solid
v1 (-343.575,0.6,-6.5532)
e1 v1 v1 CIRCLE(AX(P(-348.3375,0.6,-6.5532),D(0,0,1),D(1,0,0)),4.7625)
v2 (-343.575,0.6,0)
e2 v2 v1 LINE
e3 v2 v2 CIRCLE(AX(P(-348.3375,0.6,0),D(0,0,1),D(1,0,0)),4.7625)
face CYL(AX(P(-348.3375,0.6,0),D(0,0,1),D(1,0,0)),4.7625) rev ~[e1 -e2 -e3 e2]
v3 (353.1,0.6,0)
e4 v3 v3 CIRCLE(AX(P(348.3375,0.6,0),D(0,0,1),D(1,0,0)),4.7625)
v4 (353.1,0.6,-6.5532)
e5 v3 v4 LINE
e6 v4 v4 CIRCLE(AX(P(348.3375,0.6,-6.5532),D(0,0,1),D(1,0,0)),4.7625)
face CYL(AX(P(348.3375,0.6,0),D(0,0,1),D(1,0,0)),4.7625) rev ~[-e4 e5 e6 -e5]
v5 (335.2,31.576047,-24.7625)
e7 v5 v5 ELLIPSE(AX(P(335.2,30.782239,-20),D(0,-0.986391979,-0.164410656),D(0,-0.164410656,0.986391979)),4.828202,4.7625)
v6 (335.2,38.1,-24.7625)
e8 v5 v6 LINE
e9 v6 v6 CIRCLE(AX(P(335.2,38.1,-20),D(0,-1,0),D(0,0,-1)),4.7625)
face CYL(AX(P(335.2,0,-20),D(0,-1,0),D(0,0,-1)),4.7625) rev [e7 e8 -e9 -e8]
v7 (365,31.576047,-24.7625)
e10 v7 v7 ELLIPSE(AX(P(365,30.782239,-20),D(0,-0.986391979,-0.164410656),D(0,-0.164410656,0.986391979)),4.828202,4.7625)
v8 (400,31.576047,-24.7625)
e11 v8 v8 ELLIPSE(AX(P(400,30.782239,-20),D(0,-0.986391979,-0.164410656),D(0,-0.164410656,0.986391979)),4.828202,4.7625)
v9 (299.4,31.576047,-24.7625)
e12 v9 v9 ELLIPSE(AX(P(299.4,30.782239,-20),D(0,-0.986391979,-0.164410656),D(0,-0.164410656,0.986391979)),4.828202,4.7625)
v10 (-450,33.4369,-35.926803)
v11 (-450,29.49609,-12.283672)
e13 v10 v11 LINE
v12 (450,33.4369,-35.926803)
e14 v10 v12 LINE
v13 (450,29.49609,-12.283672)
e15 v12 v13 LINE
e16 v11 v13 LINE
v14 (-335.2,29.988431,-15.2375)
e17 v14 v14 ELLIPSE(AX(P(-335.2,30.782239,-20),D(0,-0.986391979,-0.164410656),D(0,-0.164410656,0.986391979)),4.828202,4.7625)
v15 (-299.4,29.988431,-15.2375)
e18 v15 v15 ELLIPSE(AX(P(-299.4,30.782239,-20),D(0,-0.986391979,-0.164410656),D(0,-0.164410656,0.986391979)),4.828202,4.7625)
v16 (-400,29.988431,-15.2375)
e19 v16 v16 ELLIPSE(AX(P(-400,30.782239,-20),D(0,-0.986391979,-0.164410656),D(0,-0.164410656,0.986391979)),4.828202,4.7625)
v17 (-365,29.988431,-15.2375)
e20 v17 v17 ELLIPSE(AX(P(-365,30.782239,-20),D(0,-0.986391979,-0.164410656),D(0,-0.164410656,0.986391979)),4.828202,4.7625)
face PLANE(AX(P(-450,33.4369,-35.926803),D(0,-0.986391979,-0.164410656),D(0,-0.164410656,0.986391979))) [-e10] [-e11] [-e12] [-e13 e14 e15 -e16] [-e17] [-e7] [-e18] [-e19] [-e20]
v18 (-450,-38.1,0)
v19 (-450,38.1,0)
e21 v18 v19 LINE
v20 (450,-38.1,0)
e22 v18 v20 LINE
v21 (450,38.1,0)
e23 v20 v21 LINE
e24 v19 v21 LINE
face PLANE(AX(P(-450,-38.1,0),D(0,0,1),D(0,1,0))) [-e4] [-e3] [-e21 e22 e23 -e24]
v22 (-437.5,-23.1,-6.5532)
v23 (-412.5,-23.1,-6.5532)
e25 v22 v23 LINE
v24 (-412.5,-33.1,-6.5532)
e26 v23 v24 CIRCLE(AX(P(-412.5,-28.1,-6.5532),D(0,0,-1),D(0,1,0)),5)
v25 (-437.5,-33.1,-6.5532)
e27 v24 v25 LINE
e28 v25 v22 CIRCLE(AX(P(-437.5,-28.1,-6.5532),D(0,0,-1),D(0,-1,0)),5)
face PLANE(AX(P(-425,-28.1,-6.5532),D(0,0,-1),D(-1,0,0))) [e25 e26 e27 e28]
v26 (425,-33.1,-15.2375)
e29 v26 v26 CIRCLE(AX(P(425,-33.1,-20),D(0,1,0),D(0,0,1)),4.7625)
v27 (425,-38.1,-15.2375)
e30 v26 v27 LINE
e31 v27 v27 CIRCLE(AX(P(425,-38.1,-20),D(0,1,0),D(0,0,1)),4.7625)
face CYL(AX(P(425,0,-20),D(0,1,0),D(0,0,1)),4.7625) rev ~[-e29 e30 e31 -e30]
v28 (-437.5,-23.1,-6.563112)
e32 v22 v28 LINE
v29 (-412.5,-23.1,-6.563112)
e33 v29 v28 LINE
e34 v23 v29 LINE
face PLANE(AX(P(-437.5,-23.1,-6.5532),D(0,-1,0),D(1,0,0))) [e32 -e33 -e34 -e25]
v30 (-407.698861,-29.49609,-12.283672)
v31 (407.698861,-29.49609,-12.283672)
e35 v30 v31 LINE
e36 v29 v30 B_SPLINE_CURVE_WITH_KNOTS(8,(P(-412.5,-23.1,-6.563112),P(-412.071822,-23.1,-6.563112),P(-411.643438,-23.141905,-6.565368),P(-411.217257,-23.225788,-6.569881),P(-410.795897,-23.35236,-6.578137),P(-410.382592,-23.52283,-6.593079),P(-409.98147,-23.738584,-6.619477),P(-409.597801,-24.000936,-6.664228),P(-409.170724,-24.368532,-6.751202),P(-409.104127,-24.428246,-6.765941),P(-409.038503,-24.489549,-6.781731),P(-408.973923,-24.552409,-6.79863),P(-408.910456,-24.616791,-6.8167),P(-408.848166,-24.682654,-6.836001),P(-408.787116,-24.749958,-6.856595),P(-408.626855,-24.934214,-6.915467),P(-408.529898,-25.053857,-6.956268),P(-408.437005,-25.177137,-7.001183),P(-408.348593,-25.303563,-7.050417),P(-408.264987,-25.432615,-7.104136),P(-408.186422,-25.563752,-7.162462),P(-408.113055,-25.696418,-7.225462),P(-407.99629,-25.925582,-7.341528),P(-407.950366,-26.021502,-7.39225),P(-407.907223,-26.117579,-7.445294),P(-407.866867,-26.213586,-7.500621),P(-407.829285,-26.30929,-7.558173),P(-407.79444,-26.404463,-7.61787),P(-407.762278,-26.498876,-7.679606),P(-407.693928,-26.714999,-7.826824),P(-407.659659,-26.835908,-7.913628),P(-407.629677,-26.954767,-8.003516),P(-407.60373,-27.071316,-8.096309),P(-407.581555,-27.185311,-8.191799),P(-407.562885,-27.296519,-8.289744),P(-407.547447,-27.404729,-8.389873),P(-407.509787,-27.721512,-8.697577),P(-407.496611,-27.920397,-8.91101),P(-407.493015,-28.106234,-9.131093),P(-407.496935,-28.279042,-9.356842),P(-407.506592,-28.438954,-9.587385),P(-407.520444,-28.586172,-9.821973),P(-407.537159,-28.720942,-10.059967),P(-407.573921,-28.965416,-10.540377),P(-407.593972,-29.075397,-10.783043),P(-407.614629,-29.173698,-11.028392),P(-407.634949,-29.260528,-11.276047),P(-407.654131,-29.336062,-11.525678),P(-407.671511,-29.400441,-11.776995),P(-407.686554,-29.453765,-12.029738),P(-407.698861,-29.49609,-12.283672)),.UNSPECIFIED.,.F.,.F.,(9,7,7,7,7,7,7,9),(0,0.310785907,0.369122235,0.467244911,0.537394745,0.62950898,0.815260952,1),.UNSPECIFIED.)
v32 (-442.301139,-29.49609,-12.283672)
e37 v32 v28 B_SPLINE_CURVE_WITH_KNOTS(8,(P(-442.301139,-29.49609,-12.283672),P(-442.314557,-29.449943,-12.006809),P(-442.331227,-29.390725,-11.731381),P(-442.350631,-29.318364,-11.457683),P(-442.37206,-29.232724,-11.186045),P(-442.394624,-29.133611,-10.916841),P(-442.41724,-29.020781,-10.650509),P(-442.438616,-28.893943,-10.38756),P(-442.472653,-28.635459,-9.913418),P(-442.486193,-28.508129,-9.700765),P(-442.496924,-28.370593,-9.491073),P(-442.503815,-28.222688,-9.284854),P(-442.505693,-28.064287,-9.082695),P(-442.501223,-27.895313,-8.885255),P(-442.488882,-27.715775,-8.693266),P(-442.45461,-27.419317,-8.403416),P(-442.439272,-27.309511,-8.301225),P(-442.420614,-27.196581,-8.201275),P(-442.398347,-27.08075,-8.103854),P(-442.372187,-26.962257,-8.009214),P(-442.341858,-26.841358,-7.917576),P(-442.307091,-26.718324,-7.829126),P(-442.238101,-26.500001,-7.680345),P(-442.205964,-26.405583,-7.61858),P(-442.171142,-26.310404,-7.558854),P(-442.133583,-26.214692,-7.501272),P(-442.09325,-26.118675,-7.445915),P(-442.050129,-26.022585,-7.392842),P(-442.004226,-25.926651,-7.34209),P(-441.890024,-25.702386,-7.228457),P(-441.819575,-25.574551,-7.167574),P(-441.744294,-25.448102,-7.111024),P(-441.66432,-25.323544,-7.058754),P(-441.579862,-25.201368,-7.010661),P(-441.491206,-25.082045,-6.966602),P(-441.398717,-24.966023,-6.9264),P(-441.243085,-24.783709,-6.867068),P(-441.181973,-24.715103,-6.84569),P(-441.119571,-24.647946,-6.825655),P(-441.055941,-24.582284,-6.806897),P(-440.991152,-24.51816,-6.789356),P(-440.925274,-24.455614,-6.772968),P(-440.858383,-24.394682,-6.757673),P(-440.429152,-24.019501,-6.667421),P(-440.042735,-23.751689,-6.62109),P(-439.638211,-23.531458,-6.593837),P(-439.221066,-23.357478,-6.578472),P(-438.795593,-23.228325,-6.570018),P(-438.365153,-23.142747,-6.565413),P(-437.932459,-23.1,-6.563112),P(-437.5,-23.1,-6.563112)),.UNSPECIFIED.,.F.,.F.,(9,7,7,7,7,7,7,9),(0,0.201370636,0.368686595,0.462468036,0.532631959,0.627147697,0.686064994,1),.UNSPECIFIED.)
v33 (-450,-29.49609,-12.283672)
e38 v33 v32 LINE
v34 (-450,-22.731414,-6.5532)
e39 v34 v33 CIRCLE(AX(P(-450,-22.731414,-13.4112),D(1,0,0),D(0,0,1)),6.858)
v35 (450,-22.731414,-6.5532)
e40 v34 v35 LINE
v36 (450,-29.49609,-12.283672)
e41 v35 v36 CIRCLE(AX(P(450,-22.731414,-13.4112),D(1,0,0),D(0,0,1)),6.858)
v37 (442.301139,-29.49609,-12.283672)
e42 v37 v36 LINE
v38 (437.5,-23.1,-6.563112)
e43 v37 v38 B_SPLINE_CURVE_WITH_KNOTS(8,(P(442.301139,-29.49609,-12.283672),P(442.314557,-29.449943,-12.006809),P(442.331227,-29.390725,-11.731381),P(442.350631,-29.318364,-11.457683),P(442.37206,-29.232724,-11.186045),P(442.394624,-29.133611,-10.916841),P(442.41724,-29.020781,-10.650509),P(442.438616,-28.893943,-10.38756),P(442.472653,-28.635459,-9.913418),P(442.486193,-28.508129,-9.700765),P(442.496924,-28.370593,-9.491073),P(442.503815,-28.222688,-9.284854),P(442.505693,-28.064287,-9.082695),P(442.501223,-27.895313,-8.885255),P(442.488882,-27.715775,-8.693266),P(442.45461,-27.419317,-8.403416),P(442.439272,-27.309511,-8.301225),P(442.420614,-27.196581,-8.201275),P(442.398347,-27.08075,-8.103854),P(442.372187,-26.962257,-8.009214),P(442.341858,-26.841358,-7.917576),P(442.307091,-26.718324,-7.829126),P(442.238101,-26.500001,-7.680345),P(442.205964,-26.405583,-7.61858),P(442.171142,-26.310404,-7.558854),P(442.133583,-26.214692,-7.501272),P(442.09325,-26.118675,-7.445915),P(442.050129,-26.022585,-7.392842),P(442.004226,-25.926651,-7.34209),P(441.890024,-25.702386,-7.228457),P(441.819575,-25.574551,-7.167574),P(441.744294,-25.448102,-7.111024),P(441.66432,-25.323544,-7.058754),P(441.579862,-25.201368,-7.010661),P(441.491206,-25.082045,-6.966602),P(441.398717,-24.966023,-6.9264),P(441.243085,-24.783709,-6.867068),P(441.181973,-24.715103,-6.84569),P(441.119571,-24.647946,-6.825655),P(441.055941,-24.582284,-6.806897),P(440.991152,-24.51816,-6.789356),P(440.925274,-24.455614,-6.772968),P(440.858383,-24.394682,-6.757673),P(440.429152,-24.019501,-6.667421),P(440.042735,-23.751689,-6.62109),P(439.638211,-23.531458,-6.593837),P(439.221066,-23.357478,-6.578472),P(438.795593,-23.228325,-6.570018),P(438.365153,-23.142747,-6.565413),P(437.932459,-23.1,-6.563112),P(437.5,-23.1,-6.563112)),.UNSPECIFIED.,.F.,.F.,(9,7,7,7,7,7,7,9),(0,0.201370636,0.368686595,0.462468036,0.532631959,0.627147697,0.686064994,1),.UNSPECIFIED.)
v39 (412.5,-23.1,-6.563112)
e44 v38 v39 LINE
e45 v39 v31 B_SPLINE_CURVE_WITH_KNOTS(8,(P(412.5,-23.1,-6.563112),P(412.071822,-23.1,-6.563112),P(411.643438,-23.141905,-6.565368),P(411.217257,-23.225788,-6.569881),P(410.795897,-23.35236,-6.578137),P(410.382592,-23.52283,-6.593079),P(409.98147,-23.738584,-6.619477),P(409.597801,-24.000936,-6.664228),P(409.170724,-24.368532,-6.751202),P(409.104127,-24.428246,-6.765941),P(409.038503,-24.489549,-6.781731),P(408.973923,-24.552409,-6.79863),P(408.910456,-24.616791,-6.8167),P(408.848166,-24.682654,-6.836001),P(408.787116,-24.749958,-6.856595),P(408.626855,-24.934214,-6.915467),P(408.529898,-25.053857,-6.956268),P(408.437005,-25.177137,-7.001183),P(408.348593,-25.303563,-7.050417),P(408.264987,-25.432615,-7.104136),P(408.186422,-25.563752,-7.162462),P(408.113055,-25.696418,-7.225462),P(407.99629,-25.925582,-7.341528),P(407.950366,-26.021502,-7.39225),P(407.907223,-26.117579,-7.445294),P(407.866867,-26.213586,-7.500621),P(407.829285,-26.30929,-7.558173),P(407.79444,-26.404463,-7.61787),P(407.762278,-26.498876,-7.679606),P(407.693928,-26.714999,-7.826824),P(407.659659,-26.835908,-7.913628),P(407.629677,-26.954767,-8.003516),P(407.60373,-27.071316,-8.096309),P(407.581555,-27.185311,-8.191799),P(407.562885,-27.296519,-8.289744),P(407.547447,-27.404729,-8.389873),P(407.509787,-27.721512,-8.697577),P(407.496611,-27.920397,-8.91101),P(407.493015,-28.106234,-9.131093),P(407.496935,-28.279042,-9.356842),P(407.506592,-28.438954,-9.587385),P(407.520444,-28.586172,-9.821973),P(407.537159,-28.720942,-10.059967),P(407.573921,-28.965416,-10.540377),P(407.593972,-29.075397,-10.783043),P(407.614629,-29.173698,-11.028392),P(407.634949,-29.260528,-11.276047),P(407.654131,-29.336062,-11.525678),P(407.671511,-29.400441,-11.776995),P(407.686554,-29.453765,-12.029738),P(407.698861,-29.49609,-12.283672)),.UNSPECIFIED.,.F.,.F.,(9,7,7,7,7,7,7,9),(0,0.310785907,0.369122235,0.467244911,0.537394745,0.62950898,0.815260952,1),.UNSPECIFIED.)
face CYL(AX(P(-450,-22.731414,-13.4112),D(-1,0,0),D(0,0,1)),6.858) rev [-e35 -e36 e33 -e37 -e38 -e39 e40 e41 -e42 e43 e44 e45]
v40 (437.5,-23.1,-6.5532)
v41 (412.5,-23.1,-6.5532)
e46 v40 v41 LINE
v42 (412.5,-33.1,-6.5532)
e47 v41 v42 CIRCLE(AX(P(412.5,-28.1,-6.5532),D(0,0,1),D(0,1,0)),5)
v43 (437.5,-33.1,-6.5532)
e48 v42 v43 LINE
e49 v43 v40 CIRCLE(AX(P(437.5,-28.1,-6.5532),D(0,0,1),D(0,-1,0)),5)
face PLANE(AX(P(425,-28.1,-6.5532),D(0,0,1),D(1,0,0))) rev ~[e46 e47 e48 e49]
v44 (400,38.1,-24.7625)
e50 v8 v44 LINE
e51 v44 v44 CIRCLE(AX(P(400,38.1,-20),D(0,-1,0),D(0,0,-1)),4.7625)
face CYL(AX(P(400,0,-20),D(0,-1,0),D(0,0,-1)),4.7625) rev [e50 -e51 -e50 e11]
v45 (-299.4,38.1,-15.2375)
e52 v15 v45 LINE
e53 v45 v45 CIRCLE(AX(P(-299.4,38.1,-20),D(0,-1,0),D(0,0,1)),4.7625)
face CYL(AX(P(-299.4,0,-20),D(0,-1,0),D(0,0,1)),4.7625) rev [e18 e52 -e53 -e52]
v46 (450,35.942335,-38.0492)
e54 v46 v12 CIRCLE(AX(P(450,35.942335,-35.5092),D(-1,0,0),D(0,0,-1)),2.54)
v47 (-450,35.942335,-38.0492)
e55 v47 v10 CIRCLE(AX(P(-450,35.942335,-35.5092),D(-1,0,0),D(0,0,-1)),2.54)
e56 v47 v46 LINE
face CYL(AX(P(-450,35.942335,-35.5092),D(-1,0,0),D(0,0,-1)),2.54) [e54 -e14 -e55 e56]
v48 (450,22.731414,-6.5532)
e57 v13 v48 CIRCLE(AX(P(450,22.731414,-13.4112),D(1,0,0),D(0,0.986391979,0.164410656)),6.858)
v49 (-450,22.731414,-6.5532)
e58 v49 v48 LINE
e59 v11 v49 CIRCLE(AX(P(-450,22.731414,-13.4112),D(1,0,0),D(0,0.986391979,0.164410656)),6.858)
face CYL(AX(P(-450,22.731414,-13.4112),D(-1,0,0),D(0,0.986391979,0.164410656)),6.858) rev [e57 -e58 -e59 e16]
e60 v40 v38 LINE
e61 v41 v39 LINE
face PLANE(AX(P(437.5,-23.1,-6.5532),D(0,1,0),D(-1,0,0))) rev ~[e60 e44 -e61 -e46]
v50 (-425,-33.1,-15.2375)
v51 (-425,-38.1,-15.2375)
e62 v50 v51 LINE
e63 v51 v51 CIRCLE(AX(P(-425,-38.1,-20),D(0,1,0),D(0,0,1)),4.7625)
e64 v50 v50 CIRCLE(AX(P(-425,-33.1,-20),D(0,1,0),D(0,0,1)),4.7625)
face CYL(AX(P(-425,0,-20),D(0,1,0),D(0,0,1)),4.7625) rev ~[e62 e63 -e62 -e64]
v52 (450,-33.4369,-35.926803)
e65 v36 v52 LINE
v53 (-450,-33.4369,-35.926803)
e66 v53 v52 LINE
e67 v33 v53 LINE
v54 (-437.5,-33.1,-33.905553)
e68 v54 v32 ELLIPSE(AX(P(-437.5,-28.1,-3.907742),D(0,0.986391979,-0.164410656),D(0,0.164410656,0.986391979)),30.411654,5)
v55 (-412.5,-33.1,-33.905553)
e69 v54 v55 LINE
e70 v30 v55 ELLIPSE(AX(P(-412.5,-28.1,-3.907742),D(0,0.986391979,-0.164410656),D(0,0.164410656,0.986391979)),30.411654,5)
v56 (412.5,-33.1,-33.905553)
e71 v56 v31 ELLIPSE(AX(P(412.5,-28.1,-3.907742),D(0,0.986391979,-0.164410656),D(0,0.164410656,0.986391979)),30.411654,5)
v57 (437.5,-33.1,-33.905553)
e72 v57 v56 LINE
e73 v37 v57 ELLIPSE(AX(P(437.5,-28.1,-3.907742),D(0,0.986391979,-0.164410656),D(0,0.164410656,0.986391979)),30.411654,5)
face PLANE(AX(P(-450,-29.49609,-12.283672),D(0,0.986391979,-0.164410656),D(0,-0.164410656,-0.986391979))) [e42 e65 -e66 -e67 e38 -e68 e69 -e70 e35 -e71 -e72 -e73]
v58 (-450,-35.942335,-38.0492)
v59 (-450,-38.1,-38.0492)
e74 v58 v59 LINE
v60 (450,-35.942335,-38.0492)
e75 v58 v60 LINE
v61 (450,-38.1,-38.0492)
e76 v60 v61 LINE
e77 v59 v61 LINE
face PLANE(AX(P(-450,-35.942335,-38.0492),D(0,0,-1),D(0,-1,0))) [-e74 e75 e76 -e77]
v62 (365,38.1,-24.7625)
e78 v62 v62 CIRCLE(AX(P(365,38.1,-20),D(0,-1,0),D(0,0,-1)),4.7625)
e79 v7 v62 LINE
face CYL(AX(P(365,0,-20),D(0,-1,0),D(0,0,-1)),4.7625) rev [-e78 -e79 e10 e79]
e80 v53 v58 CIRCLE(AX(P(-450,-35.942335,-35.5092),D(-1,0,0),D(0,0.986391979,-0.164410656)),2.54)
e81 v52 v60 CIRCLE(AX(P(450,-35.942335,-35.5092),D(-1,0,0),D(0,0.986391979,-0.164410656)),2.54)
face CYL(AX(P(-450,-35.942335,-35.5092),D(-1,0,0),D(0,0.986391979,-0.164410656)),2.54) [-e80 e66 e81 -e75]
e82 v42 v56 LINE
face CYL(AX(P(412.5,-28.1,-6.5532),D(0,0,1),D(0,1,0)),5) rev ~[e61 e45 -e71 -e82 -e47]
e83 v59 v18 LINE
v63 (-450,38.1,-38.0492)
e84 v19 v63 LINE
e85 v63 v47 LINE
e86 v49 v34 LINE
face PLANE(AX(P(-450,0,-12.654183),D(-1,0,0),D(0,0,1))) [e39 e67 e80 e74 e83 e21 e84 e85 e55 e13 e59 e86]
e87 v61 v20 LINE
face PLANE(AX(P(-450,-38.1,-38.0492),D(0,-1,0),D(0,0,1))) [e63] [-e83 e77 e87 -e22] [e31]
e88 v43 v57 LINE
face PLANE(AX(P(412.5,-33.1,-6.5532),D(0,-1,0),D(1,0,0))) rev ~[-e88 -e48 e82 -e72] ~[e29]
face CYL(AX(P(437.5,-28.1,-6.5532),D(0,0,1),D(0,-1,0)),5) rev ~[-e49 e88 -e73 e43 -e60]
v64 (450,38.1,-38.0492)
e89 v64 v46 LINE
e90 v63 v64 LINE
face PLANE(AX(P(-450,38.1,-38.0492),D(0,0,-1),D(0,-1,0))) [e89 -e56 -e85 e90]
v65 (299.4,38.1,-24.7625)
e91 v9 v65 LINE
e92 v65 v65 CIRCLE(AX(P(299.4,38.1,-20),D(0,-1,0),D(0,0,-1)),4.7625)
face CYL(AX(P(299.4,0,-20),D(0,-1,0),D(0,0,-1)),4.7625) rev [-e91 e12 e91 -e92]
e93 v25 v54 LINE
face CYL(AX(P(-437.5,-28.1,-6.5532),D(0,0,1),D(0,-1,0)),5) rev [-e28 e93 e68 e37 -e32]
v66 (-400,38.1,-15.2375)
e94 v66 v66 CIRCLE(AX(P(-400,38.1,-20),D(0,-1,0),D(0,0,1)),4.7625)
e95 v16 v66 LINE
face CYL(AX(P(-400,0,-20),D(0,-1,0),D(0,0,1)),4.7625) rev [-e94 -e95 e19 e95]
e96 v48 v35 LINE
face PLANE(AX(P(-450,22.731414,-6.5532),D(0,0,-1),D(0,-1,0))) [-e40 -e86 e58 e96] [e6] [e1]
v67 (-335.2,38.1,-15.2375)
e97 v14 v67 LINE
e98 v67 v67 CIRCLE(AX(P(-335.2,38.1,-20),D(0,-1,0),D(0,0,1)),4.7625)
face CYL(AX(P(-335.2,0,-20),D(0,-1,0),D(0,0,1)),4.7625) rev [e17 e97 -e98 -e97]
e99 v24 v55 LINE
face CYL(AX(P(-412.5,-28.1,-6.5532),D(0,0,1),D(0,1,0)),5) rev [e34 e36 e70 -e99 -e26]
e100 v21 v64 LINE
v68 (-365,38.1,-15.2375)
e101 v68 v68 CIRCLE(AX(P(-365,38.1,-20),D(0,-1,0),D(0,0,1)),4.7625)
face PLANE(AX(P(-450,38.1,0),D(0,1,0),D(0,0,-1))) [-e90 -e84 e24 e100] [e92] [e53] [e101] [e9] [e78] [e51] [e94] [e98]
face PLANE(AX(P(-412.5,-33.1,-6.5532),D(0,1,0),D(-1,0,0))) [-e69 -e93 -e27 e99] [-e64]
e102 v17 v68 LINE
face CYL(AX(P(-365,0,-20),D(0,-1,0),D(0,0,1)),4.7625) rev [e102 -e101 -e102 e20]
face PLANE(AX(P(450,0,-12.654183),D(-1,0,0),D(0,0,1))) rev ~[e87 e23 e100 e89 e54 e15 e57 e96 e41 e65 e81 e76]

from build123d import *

# Parameters (mm, degrees)
STRUCTURAL_MEMBER1_DEPTH = 900
SKETCH12_R               = 4.7625
CUT_EXTRUDE1_DEPTH       = 454.210052427
CUT_EXTRUDE2_DEPTH       = 40
SKETCH16_R               = 4.7625
CUT_EXTRUDE3_DEPTH       = 454.210052526
SKETCH19_R               = 4.7625
CUT_EXTRUDE4_DEPTH       = 454.210052526


with BuildPart() as part:
    # Sketch11 → Structural Member1 (new body)
    with BuildSketch(Plane(origin=(-450, 0, 0), x_dir=(0, 0, -1), z_dir=(1, 0, 0))):
        with BuildLine():
            Line((0, -38.1), (0, 38.1))
            Line((0, 38.1), (38.0492, 38.1))
            Line((38.0492, 38.1), (38.0492, 35.942335136))
            ThreePointArc((38.0492, 35.942335136), (37.447280466, 34.300554363), (35.926803066, 33.436899509))
            Line((35.926803066, 33.436899509), (12.283671721, 29.496090157))
            ThreePointArc((12.283671721, 29.496090157), (8.178382741, 27.164222052), (6.5532, 22.731413966))
            Line((6.5532, 22.731413966), (6.5532, -22.731413966))
            ThreePointArc((6.5532, -22.731413966), (8.178382741, -27.164222052), (12.283671721, -29.496090157))
            Line((12.283671721, -29.496090157), (35.926803066, -33.436899509))
            ThreePointArc((35.926803066, -33.436899509), (37.447280466, -34.300554363), (38.0492, -35.942335136))
            Line((38.0492, -35.942335136), (38.0492, -38.1))
            Line((38.0492, -38.1), (0, -38.1))
        make_face()
    extrude(amount=STRUCTURAL_MEMBER1_DEPTH)

    # Sketch12 → Cut-Extrude1 (cut, through all)
    with BuildSketch(Plane(origin=(0, 0, 0), x_dir=(1, 0, 0), z_dir=(0, 1, 0))):
        with Locations(Location((-425, 20, 0), (0, 0, 270))):
            Circle(SKETCH12_R)
        with Locations(Location((425, 20, 0), (0, 0, 270))):
            Circle(SKETCH12_R)
    extrude(amount=-CUT_EXTRUDE1_DEPTH, mode=Mode.SUBTRACT)

    # Sketch15 → Cut-Extrude2 (cut)
    with BuildSketch(Plane(origin=(0, 0, -6.5532), x_dir=(-1, 0, 0), z_dir=(0, 0, -1))):
        with BuildLine():
            Line((-412.5, -33.1), (-437.5, -33.1))
            ThreePointArc((-437.5, -33.1), (-442.5, -28.1), (-437.5, -23.1))
            Line((-437.5, -23.1), (-412.5, -23.1))
            ThreePointArc((-412.5, -23.1), (-407.5, -28.1), (-412.5, -33.1))
        make_face()
        with BuildLine():
            Line((412.5, -33.1), (437.5, -33.1))
            ThreePointArc((437.5, -33.1), (442.5, -28.1), (437.5, -23.1))
            Line((437.5, -23.1), (412.5, -23.1))
            ThreePointArc((412.5, -23.1), (407.5, -28.1), (412.5, -33.1))
        make_face()
    extrude(amount=CUT_EXTRUDE2_DEPTH, mode=Mode.SUBTRACT)

    # Sketch16 → Cut-Extrude3 (cut, through all)
    with BuildSketch(Plane(origin=(0, 0, 0), x_dir=(1, 0, 0), z_dir=(0, 1, 0))):
        with Locations(Location((-335.2, 20, 0), (0, 0, 270))):
            Circle(SKETCH16_R)
        with Locations(Location((-299.4, 20, 0), (0, 0, 270))):
            Circle(SKETCH16_R)
        with Locations(Location((299.4, 20, 0), (0, 0, 90))):
            Circle(SKETCH16_R)
        with Locations(Location((335.2, 20, 0), (0, 0, 90))):
            Circle(SKETCH16_R)
        with Locations(Location((-365, 20, 0), (0, 0, 270))):
            Circle(SKETCH16_R)
        with Locations(Location((-400, 20, 0), (0, 0, 270))):
            Circle(SKETCH16_R)
        with Locations(Location((365, 20, 0), (0, 0, 90))):
            Circle(SKETCH16_R)
        with Locations(Location((400, 20, 0), (0, 0, 90))):
            Circle(SKETCH16_R)
    extrude(amount=CUT_EXTRUDE3_DEPTH, mode=Mode.SUBTRACT)

    # Sketch19 → Cut-Extrude4 (cut, through all)
    with BuildSketch(Plane.XY):
        with Locations((-348.3375, 0.6)):
            Circle(SKETCH19_R)
        with Locations((348.3375, 0.6)):
            Circle(SKETCH19_R)
    extrude(amount=-CUT_EXTRUDE4_DEPTH, mode=Mode.SUBTRACT)


solid = part.part
